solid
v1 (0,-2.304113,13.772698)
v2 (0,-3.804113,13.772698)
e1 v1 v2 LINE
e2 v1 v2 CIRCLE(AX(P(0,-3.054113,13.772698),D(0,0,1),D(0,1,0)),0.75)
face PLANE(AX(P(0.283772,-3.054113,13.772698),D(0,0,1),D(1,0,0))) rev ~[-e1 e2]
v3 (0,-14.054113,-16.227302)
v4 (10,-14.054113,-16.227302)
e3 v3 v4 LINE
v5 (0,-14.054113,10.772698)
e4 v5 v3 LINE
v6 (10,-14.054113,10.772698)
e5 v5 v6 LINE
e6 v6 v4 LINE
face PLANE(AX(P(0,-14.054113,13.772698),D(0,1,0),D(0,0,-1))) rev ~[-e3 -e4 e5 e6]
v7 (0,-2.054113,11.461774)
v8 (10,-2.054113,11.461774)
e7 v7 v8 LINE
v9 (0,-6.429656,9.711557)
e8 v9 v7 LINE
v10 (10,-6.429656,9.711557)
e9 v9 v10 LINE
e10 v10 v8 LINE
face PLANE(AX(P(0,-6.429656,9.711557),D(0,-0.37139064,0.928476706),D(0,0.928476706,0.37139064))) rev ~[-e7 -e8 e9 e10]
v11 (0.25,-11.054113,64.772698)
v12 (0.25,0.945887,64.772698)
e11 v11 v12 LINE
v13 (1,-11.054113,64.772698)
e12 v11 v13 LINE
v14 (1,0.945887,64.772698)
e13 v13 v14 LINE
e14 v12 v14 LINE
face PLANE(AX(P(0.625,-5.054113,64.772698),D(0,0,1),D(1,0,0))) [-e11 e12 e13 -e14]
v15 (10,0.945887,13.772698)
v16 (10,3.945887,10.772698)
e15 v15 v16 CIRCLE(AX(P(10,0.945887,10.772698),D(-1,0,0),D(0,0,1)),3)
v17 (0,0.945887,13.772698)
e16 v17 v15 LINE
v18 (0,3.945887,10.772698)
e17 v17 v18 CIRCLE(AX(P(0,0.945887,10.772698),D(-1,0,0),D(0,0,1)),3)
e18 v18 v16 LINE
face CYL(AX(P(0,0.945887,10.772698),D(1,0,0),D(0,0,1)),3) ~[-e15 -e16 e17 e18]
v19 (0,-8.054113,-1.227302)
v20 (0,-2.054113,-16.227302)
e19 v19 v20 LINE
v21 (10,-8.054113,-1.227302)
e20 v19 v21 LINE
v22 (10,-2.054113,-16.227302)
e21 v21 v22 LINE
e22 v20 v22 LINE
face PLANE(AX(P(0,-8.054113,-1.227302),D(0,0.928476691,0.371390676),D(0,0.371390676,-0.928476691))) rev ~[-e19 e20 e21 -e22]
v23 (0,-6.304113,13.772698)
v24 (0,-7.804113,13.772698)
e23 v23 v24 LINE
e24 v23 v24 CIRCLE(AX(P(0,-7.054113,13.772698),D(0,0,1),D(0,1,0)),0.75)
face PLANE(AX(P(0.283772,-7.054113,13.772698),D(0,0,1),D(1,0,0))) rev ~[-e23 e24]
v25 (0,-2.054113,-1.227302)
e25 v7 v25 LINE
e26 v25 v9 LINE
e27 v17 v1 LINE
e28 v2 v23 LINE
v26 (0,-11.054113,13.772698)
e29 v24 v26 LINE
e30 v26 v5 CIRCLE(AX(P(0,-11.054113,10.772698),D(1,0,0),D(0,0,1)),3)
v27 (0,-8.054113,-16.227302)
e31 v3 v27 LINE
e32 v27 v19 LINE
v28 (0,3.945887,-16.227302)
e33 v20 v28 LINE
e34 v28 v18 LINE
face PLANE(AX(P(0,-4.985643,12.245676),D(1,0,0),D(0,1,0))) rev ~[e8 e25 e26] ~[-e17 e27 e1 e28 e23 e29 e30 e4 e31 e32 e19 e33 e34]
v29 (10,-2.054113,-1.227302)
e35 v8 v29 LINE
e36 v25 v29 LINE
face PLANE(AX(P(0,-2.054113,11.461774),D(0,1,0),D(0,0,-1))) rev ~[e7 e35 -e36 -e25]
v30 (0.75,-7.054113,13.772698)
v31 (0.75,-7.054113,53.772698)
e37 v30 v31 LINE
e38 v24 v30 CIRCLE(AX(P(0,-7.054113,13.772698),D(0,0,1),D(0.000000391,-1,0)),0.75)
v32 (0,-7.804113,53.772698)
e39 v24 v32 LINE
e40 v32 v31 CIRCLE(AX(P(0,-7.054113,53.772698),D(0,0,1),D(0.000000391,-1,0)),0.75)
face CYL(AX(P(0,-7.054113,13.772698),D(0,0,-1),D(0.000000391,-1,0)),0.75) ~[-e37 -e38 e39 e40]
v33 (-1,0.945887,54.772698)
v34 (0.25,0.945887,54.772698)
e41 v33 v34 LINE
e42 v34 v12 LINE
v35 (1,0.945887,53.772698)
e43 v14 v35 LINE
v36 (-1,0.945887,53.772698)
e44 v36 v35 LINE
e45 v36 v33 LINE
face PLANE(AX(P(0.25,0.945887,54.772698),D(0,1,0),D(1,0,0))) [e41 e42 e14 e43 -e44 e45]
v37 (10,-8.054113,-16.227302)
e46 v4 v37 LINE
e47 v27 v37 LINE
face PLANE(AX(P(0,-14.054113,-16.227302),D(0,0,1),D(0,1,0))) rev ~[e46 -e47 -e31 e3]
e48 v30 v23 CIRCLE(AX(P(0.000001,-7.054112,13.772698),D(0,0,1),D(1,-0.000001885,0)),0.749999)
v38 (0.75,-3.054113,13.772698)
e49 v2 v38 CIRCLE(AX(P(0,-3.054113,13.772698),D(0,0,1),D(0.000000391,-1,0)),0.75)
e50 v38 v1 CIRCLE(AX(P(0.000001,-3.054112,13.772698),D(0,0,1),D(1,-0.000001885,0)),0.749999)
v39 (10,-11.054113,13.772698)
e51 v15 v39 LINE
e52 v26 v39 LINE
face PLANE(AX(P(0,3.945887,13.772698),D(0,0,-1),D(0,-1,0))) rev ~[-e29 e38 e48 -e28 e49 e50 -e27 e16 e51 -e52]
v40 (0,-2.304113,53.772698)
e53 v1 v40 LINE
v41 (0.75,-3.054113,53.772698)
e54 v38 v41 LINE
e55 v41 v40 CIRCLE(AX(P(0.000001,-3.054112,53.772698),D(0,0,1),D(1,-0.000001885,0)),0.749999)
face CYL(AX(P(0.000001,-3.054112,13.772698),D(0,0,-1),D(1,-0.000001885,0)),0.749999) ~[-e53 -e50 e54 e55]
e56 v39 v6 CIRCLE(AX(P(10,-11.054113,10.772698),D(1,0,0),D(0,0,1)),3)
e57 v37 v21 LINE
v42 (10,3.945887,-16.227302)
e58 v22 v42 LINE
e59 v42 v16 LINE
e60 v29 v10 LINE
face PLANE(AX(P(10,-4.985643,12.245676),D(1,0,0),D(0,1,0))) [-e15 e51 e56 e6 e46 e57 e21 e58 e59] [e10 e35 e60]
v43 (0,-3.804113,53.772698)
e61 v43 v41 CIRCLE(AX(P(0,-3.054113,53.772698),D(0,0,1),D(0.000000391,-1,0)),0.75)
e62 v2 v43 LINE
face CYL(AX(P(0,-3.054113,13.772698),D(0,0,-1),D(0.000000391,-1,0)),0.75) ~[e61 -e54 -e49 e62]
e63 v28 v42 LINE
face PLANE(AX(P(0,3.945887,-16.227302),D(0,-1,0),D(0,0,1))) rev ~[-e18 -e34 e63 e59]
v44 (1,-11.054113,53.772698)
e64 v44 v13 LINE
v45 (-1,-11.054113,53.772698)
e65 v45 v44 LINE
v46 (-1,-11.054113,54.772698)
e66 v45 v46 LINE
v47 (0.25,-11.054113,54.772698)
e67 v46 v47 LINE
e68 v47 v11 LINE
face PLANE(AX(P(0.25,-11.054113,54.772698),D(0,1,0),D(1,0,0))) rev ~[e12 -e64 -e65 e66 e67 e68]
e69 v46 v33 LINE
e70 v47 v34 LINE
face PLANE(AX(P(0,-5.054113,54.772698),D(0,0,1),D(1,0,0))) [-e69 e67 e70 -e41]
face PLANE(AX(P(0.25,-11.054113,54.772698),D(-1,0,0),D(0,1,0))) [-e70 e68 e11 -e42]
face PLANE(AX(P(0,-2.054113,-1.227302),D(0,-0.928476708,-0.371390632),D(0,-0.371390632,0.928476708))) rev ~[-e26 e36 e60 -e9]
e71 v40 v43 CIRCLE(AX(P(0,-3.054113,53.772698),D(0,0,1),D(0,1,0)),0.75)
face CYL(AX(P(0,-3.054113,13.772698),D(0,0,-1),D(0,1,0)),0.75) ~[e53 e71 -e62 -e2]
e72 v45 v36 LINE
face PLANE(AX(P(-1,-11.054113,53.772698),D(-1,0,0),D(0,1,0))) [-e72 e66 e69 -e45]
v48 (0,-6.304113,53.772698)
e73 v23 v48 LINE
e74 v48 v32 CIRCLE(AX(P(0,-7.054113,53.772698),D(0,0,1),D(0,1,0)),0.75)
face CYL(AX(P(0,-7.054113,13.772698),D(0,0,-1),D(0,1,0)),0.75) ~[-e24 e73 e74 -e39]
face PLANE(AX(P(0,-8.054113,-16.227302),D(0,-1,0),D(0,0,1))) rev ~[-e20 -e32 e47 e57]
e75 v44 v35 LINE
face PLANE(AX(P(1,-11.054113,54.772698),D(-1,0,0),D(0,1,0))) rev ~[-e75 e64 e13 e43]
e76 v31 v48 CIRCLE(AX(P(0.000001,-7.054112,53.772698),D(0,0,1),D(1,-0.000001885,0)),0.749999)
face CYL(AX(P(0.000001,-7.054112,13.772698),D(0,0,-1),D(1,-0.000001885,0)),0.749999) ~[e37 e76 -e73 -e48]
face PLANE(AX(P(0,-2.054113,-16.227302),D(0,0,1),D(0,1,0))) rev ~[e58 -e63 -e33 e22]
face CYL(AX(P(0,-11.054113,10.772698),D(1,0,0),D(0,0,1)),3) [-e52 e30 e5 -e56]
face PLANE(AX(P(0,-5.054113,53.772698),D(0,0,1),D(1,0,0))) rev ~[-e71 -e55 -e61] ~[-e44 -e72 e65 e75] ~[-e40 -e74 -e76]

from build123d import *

# Parameters (mm, degrees)
F1_DEPTH = 10
F2_R     = 3
F3_R     = 3
F5_DEPTH = 40
F6_W     = 2
F6_H     = 12
F7_DEPTH = 1
F8_W     = 0.75
F8_H     = 12
F9_DEPTH = 10


with BuildPart() as f1:
    # F0 (on Right) → F1 (new body)
    with BuildSketch(Plane.YZ):
        Polygon((-2.054113, 13.772698), (-8.054113, 13.772698), (-6.429656, 9.711557), (-2.054113, 11.461774), align=None)
        Polygon((3.945887, 13.772698), (-2.054113, 13.772698), (-2.054113, 11.461774), (-2.054113, -1.227302), (3.945887, -16.227302), (3.945887, 12.582935), align=None)
        Polygon((-2.054113, -1.227302), (-2.054113, -16.227302), (3.945887, -16.227302), align=None)
        Polygon((-6.429656, 9.711557), (-8.054113, 13.772698), (-8.054113, -1.227302), (-2.054113, -16.227302), (-2.054113, -1.227302), align=None)
        Polygon((-8.054113, 13.772698), (-14.054113, 13.772698), (-8.054113, -1.227302), align=None)
        Polygon((-8.054113, -1.227302), (-14.054113, 13.772698), (-14.054113, -16.227302), (-8.054113, -16.227302), align=None)
    extrude(amount=F1_DEPTH)

    # F2
    f2_edges = [f1.edges().sort_by_distance(p)[0] for p in [
        (5, -14.054113, 13.772698),
    ]]
    fillet(f2_edges, radius=F2_R)

    # F3
    f3_edges = [f1.edges().sort_by_distance(p)[0] for p in [
        (5, 3.945887, 13.772698),
    ]]
    fillet(f3_edges, radius=F3_R)

    # F4 (on face) → F5 (join)
    with BuildSketch(Plane.XY.offset(13.772698)):
        with BuildLine():
            ThreePointArc((0, -3.804113), (0.53033, -3.584443), (0.75, -3.054113))
            ThreePointArc((0.75, -3.054113), (0.53033, -2.523782), (0, -2.304113))
            Line((0, -2.304113), (0, -3.804113))
        make_face()
        with BuildLine():
            Line((0, -3.804113), (0, -2.304113))
            ThreePointArc((0, -2.304113), (-0.75, -3.054113), (0, -3.804113))
        make_face()
        with BuildLine():
            ThreePointArc((0.75, -7.054113), (0.53033, -6.523782), (0, -6.304113))
            Line((0, -6.304113), (0, -7.804113))
            ThreePointArc((0, -7.804113), (0.53033, -7.584443), (0.75, -7.054113))
        make_face()
        with BuildLine():
            Line((0, -7.804113), (0, -6.304113))
            ThreePointArc((0, -6.304113), (-0.75, -7.054113), (0, -7.804113))
        make_face()
    extrude(amount=F5_DEPTH)

    # F6 (on face) → F7 (join)
    with BuildSketch(Plane.XY.offset(53.772698)):
        with Locations((0, -5.054113)):
            Rectangle(F6_W, F6_H)
    extrude(amount=F7_DEPTH)

    # F8 (on face) → F9 (join)
    with BuildSketch(Plane.XY.offset(54.772698)):
        with Locations((0.625, -5.054113)):
            Rectangle(F8_W, F8_H)
    extrude(amount=F9_DEPTH)


solid = f1.part
